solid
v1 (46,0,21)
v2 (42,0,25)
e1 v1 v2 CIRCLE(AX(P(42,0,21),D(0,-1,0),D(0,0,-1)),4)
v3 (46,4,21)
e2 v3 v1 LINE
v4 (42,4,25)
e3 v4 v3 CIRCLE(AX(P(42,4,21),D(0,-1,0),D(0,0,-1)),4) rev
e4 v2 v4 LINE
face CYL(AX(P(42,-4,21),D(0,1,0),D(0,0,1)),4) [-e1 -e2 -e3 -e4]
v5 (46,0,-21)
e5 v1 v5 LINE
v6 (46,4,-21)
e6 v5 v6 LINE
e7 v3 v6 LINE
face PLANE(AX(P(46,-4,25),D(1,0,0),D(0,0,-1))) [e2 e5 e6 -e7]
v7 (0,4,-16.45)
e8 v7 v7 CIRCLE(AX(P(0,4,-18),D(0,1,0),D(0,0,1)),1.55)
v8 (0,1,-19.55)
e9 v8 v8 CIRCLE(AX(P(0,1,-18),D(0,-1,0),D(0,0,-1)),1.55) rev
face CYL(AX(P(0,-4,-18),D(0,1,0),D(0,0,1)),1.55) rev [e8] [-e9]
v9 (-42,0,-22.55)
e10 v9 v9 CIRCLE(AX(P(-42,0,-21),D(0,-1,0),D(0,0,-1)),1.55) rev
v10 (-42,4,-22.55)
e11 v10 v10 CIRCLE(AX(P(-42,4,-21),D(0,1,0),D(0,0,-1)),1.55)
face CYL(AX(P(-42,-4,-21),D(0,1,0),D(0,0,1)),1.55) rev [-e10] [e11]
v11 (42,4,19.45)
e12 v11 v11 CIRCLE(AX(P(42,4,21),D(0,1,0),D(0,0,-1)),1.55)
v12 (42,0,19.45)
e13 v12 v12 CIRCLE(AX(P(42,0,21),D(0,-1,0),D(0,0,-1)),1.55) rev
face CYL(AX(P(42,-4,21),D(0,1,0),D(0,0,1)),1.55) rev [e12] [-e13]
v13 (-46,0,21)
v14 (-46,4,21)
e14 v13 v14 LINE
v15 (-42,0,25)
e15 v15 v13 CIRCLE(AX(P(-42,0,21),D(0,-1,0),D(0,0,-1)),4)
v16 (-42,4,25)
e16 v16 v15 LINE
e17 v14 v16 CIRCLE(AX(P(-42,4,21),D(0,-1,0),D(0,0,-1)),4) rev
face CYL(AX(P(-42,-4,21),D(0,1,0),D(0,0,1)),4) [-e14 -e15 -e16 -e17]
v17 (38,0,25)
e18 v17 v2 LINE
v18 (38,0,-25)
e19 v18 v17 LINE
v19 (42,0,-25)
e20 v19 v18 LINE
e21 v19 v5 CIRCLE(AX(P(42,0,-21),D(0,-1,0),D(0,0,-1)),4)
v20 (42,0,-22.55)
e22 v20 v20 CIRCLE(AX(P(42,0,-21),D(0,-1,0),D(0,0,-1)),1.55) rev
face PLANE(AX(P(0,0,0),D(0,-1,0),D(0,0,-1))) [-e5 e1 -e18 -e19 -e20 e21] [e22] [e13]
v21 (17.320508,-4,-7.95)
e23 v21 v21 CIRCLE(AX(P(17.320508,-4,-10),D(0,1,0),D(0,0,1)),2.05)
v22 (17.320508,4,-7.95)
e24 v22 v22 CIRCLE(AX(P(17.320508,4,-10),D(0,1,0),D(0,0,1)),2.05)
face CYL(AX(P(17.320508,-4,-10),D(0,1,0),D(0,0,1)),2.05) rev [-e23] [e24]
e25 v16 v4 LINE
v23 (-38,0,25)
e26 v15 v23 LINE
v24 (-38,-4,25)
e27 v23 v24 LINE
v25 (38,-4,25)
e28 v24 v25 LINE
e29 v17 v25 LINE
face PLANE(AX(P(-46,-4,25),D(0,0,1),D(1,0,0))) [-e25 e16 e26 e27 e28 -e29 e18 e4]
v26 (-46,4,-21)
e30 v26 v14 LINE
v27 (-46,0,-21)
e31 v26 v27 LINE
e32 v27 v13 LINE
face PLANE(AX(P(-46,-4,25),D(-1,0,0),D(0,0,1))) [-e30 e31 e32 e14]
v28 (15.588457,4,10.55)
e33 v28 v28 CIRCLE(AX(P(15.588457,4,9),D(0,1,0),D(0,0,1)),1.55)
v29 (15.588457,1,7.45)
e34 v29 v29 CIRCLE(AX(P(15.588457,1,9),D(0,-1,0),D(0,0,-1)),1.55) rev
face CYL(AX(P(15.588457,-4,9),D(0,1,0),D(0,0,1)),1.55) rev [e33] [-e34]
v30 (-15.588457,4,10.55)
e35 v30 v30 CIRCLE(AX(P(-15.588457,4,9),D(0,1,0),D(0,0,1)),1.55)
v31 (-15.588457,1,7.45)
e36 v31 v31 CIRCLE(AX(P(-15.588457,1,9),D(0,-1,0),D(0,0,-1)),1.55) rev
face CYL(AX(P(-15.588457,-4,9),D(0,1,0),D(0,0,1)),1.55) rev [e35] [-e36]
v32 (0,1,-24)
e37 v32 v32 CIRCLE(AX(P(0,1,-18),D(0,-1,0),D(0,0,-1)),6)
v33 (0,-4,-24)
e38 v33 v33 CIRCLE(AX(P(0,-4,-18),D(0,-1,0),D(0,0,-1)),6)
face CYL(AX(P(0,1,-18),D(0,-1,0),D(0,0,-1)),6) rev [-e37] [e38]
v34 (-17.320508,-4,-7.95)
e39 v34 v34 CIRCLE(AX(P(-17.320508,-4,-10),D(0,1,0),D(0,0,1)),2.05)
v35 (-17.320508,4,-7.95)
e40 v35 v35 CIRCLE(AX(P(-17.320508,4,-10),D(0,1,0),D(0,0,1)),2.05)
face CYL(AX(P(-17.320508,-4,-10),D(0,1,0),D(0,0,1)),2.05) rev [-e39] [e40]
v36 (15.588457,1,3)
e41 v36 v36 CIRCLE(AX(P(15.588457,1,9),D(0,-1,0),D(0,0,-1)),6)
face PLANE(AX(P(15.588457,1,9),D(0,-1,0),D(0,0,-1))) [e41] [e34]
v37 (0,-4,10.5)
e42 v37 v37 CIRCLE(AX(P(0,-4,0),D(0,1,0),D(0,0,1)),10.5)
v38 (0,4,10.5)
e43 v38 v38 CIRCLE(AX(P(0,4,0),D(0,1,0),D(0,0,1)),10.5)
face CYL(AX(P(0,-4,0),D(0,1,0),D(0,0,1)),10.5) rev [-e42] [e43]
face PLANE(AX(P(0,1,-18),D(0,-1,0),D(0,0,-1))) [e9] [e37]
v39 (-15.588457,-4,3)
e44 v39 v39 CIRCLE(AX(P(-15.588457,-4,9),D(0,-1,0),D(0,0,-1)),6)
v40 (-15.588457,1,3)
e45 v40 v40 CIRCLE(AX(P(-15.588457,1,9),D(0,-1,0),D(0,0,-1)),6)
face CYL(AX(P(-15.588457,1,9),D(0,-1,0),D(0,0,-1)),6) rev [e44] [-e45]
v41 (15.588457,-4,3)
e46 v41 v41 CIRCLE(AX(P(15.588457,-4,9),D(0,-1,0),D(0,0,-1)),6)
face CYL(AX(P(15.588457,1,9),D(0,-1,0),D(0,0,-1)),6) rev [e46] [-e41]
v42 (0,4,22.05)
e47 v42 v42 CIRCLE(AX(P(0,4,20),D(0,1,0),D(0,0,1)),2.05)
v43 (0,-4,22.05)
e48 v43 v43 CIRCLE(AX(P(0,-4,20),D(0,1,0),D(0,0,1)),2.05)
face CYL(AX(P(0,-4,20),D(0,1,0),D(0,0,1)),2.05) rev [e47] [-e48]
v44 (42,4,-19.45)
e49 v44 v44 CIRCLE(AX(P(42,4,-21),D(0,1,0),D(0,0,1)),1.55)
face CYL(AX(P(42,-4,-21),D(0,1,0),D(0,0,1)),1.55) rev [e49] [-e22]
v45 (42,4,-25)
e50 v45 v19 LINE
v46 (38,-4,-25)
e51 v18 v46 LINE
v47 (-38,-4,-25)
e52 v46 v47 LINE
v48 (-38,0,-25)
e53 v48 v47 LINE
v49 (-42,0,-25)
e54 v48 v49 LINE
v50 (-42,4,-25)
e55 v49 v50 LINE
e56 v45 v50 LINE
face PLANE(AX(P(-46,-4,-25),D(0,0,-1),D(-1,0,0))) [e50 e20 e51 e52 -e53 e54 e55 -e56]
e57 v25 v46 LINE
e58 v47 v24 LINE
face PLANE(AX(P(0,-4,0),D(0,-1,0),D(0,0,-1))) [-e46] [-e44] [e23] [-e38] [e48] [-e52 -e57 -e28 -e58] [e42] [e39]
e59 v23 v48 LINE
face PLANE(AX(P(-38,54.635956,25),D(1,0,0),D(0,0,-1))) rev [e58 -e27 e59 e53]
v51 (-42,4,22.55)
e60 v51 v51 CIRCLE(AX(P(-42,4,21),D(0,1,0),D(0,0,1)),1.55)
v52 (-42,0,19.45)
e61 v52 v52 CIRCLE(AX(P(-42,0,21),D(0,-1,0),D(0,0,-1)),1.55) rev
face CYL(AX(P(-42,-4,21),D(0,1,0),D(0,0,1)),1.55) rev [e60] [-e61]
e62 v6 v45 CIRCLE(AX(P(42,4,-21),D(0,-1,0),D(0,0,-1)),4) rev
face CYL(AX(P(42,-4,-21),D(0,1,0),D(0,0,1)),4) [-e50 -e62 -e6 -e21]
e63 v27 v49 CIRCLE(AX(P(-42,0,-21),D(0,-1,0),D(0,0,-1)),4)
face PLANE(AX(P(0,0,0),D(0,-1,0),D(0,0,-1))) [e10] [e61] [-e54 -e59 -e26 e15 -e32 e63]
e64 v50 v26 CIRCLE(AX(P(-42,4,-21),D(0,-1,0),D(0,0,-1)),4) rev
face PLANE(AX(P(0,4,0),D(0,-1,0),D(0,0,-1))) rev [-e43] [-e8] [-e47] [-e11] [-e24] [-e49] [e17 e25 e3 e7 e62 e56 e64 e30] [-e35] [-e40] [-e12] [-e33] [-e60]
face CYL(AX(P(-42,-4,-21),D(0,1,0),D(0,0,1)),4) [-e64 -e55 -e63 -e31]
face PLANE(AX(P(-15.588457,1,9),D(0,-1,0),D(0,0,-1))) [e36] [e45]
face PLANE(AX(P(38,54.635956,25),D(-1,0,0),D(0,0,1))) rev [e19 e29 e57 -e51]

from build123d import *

# Parameters (mm, degrees)
SKETCH_1_W          = 92
SKETCH_1_H          = 50
SKETCH_1_R          = 1.55
SKETCH_1_R_2        = 10.5
SKETCH_1_R_3        = 2.05
EXTRUDE_1_DEPTH     = 4
SKETCH_13_W         = 8
SKETCH_13_H         = 50
CUT_EXTRUDE_8_DEPTH = 4
FILLET2_R           = 4
SKETCH1_R           = 6
CUT_EXTRUDE1_DEPTH  = 5


with BuildPart() as part:
    # 草图1 → 凸台-拉伸1 (new, symmetric)
    with BuildSketch(Plane(origin=(0, 0, 0), x_dir=(1, 0, 0), z_dir=(0, 1, 0))):
        Rectangle(SKETCH_1_W, SKETCH_1_H)
        with Locations(Location((-42, -21, 0), (0, 0, 270))):
            Circle(SKETCH_1_R, mode=Mode.SUBTRACT)
        with Locations(Location((0, 0, 0), (0, 0, 270))):
            Circle(SKETCH_1_R_2, mode=Mode.SUBTRACT)
        with Locations(Location((0, -20, 0), (0, 0, 270))):
            Circle(SKETCH_1_R_3, mode=Mode.SUBTRACT)
        with Locations(Location((-17.320508076, 10, 0), (0, 0, 270))):
            Circle(SKETCH_1_R_3, mode=Mode.SUBTRACT)
        with Locations(Location((17.320508076, 10, 0), (0, 0, 270))):
            Circle(SKETCH_1_R_3, mode=Mode.SUBTRACT)
        with Locations(Location((42, -21, 0), (0, 0, 90))):
            Circle(SKETCH_1_R, mode=Mode.SUBTRACT)
        with Locations(Location((42, 21, 0), (0, 0, 270))):
            Circle(SKETCH_1_R, mode=Mode.SUBTRACT)
        with Locations(Location((-42, 21, 0), (0, 0, 90))):
            Circle(SKETCH_1_R, mode=Mode.SUBTRACT)
        with Locations(Location((0, 18, 0), (0, 0, 270))):
            Circle(SKETCH_1_R, mode=Mode.SUBTRACT)
        with Locations(Location((15.588457268, -9, 0), (0, 0, 270))):
            Circle(SKETCH_1_R, mode=Mode.SUBTRACT)
        with Locations(Location((-15.588457268, -9, 0), (0, 0, 270))):
            Circle(SKETCH_1_R, mode=Mode.SUBTRACT)
    extrude(amount=EXTRUDE_1_DEPTH, both=True)

    # 草图13 → 切除-拉伸8 (cut)
    with BuildSketch(Plane.XZ.offset(4)):
        with Locations((42, 0)):
            Rectangle(SKETCH_13_W, SKETCH_13_H)
        with Locations((-42, 0)):
            Rectangle(SKETCH_13_W, SKETCH_13_H)
    extrude(amount=-CUT_EXTRUDE_8_DEPTH, mode=Mode.SUBTRACT)

    # Fillet2
    fillet2_edges = [part.edges().sort_by_distance(p)[0] for p in [
        (46, 2, -25),
        (46, 2, 25),
        (-46, 2, -25),
        (-46, 2, 25),
    ]]
    fillet(fillet2_edges, radius=FILLET2_R)

    # Sketch1 → Cut-Extrude1 (cut)
    with BuildSketch(Plane(origin=(0, -4, 0), x_dir=(-1, 0, 0), z_dir=(0, -1, 0))):
        with Locations(Location((0, 18, 0), (0, 0, 90))):
            Circle(SKETCH1_R)
        with Locations(Location((15.588457268, -9, 0), (0, 0, 90))):
            Circle(SKETCH1_R)
        with Locations(Location((-15.588457268, -9, 0), (0, 0, 90))):
            Circle(SKETCH1_R)
    extrude(amount=-CUT_EXTRUDE1_DEPTH, mode=Mode.SUBTRACT)


solid = part.part
